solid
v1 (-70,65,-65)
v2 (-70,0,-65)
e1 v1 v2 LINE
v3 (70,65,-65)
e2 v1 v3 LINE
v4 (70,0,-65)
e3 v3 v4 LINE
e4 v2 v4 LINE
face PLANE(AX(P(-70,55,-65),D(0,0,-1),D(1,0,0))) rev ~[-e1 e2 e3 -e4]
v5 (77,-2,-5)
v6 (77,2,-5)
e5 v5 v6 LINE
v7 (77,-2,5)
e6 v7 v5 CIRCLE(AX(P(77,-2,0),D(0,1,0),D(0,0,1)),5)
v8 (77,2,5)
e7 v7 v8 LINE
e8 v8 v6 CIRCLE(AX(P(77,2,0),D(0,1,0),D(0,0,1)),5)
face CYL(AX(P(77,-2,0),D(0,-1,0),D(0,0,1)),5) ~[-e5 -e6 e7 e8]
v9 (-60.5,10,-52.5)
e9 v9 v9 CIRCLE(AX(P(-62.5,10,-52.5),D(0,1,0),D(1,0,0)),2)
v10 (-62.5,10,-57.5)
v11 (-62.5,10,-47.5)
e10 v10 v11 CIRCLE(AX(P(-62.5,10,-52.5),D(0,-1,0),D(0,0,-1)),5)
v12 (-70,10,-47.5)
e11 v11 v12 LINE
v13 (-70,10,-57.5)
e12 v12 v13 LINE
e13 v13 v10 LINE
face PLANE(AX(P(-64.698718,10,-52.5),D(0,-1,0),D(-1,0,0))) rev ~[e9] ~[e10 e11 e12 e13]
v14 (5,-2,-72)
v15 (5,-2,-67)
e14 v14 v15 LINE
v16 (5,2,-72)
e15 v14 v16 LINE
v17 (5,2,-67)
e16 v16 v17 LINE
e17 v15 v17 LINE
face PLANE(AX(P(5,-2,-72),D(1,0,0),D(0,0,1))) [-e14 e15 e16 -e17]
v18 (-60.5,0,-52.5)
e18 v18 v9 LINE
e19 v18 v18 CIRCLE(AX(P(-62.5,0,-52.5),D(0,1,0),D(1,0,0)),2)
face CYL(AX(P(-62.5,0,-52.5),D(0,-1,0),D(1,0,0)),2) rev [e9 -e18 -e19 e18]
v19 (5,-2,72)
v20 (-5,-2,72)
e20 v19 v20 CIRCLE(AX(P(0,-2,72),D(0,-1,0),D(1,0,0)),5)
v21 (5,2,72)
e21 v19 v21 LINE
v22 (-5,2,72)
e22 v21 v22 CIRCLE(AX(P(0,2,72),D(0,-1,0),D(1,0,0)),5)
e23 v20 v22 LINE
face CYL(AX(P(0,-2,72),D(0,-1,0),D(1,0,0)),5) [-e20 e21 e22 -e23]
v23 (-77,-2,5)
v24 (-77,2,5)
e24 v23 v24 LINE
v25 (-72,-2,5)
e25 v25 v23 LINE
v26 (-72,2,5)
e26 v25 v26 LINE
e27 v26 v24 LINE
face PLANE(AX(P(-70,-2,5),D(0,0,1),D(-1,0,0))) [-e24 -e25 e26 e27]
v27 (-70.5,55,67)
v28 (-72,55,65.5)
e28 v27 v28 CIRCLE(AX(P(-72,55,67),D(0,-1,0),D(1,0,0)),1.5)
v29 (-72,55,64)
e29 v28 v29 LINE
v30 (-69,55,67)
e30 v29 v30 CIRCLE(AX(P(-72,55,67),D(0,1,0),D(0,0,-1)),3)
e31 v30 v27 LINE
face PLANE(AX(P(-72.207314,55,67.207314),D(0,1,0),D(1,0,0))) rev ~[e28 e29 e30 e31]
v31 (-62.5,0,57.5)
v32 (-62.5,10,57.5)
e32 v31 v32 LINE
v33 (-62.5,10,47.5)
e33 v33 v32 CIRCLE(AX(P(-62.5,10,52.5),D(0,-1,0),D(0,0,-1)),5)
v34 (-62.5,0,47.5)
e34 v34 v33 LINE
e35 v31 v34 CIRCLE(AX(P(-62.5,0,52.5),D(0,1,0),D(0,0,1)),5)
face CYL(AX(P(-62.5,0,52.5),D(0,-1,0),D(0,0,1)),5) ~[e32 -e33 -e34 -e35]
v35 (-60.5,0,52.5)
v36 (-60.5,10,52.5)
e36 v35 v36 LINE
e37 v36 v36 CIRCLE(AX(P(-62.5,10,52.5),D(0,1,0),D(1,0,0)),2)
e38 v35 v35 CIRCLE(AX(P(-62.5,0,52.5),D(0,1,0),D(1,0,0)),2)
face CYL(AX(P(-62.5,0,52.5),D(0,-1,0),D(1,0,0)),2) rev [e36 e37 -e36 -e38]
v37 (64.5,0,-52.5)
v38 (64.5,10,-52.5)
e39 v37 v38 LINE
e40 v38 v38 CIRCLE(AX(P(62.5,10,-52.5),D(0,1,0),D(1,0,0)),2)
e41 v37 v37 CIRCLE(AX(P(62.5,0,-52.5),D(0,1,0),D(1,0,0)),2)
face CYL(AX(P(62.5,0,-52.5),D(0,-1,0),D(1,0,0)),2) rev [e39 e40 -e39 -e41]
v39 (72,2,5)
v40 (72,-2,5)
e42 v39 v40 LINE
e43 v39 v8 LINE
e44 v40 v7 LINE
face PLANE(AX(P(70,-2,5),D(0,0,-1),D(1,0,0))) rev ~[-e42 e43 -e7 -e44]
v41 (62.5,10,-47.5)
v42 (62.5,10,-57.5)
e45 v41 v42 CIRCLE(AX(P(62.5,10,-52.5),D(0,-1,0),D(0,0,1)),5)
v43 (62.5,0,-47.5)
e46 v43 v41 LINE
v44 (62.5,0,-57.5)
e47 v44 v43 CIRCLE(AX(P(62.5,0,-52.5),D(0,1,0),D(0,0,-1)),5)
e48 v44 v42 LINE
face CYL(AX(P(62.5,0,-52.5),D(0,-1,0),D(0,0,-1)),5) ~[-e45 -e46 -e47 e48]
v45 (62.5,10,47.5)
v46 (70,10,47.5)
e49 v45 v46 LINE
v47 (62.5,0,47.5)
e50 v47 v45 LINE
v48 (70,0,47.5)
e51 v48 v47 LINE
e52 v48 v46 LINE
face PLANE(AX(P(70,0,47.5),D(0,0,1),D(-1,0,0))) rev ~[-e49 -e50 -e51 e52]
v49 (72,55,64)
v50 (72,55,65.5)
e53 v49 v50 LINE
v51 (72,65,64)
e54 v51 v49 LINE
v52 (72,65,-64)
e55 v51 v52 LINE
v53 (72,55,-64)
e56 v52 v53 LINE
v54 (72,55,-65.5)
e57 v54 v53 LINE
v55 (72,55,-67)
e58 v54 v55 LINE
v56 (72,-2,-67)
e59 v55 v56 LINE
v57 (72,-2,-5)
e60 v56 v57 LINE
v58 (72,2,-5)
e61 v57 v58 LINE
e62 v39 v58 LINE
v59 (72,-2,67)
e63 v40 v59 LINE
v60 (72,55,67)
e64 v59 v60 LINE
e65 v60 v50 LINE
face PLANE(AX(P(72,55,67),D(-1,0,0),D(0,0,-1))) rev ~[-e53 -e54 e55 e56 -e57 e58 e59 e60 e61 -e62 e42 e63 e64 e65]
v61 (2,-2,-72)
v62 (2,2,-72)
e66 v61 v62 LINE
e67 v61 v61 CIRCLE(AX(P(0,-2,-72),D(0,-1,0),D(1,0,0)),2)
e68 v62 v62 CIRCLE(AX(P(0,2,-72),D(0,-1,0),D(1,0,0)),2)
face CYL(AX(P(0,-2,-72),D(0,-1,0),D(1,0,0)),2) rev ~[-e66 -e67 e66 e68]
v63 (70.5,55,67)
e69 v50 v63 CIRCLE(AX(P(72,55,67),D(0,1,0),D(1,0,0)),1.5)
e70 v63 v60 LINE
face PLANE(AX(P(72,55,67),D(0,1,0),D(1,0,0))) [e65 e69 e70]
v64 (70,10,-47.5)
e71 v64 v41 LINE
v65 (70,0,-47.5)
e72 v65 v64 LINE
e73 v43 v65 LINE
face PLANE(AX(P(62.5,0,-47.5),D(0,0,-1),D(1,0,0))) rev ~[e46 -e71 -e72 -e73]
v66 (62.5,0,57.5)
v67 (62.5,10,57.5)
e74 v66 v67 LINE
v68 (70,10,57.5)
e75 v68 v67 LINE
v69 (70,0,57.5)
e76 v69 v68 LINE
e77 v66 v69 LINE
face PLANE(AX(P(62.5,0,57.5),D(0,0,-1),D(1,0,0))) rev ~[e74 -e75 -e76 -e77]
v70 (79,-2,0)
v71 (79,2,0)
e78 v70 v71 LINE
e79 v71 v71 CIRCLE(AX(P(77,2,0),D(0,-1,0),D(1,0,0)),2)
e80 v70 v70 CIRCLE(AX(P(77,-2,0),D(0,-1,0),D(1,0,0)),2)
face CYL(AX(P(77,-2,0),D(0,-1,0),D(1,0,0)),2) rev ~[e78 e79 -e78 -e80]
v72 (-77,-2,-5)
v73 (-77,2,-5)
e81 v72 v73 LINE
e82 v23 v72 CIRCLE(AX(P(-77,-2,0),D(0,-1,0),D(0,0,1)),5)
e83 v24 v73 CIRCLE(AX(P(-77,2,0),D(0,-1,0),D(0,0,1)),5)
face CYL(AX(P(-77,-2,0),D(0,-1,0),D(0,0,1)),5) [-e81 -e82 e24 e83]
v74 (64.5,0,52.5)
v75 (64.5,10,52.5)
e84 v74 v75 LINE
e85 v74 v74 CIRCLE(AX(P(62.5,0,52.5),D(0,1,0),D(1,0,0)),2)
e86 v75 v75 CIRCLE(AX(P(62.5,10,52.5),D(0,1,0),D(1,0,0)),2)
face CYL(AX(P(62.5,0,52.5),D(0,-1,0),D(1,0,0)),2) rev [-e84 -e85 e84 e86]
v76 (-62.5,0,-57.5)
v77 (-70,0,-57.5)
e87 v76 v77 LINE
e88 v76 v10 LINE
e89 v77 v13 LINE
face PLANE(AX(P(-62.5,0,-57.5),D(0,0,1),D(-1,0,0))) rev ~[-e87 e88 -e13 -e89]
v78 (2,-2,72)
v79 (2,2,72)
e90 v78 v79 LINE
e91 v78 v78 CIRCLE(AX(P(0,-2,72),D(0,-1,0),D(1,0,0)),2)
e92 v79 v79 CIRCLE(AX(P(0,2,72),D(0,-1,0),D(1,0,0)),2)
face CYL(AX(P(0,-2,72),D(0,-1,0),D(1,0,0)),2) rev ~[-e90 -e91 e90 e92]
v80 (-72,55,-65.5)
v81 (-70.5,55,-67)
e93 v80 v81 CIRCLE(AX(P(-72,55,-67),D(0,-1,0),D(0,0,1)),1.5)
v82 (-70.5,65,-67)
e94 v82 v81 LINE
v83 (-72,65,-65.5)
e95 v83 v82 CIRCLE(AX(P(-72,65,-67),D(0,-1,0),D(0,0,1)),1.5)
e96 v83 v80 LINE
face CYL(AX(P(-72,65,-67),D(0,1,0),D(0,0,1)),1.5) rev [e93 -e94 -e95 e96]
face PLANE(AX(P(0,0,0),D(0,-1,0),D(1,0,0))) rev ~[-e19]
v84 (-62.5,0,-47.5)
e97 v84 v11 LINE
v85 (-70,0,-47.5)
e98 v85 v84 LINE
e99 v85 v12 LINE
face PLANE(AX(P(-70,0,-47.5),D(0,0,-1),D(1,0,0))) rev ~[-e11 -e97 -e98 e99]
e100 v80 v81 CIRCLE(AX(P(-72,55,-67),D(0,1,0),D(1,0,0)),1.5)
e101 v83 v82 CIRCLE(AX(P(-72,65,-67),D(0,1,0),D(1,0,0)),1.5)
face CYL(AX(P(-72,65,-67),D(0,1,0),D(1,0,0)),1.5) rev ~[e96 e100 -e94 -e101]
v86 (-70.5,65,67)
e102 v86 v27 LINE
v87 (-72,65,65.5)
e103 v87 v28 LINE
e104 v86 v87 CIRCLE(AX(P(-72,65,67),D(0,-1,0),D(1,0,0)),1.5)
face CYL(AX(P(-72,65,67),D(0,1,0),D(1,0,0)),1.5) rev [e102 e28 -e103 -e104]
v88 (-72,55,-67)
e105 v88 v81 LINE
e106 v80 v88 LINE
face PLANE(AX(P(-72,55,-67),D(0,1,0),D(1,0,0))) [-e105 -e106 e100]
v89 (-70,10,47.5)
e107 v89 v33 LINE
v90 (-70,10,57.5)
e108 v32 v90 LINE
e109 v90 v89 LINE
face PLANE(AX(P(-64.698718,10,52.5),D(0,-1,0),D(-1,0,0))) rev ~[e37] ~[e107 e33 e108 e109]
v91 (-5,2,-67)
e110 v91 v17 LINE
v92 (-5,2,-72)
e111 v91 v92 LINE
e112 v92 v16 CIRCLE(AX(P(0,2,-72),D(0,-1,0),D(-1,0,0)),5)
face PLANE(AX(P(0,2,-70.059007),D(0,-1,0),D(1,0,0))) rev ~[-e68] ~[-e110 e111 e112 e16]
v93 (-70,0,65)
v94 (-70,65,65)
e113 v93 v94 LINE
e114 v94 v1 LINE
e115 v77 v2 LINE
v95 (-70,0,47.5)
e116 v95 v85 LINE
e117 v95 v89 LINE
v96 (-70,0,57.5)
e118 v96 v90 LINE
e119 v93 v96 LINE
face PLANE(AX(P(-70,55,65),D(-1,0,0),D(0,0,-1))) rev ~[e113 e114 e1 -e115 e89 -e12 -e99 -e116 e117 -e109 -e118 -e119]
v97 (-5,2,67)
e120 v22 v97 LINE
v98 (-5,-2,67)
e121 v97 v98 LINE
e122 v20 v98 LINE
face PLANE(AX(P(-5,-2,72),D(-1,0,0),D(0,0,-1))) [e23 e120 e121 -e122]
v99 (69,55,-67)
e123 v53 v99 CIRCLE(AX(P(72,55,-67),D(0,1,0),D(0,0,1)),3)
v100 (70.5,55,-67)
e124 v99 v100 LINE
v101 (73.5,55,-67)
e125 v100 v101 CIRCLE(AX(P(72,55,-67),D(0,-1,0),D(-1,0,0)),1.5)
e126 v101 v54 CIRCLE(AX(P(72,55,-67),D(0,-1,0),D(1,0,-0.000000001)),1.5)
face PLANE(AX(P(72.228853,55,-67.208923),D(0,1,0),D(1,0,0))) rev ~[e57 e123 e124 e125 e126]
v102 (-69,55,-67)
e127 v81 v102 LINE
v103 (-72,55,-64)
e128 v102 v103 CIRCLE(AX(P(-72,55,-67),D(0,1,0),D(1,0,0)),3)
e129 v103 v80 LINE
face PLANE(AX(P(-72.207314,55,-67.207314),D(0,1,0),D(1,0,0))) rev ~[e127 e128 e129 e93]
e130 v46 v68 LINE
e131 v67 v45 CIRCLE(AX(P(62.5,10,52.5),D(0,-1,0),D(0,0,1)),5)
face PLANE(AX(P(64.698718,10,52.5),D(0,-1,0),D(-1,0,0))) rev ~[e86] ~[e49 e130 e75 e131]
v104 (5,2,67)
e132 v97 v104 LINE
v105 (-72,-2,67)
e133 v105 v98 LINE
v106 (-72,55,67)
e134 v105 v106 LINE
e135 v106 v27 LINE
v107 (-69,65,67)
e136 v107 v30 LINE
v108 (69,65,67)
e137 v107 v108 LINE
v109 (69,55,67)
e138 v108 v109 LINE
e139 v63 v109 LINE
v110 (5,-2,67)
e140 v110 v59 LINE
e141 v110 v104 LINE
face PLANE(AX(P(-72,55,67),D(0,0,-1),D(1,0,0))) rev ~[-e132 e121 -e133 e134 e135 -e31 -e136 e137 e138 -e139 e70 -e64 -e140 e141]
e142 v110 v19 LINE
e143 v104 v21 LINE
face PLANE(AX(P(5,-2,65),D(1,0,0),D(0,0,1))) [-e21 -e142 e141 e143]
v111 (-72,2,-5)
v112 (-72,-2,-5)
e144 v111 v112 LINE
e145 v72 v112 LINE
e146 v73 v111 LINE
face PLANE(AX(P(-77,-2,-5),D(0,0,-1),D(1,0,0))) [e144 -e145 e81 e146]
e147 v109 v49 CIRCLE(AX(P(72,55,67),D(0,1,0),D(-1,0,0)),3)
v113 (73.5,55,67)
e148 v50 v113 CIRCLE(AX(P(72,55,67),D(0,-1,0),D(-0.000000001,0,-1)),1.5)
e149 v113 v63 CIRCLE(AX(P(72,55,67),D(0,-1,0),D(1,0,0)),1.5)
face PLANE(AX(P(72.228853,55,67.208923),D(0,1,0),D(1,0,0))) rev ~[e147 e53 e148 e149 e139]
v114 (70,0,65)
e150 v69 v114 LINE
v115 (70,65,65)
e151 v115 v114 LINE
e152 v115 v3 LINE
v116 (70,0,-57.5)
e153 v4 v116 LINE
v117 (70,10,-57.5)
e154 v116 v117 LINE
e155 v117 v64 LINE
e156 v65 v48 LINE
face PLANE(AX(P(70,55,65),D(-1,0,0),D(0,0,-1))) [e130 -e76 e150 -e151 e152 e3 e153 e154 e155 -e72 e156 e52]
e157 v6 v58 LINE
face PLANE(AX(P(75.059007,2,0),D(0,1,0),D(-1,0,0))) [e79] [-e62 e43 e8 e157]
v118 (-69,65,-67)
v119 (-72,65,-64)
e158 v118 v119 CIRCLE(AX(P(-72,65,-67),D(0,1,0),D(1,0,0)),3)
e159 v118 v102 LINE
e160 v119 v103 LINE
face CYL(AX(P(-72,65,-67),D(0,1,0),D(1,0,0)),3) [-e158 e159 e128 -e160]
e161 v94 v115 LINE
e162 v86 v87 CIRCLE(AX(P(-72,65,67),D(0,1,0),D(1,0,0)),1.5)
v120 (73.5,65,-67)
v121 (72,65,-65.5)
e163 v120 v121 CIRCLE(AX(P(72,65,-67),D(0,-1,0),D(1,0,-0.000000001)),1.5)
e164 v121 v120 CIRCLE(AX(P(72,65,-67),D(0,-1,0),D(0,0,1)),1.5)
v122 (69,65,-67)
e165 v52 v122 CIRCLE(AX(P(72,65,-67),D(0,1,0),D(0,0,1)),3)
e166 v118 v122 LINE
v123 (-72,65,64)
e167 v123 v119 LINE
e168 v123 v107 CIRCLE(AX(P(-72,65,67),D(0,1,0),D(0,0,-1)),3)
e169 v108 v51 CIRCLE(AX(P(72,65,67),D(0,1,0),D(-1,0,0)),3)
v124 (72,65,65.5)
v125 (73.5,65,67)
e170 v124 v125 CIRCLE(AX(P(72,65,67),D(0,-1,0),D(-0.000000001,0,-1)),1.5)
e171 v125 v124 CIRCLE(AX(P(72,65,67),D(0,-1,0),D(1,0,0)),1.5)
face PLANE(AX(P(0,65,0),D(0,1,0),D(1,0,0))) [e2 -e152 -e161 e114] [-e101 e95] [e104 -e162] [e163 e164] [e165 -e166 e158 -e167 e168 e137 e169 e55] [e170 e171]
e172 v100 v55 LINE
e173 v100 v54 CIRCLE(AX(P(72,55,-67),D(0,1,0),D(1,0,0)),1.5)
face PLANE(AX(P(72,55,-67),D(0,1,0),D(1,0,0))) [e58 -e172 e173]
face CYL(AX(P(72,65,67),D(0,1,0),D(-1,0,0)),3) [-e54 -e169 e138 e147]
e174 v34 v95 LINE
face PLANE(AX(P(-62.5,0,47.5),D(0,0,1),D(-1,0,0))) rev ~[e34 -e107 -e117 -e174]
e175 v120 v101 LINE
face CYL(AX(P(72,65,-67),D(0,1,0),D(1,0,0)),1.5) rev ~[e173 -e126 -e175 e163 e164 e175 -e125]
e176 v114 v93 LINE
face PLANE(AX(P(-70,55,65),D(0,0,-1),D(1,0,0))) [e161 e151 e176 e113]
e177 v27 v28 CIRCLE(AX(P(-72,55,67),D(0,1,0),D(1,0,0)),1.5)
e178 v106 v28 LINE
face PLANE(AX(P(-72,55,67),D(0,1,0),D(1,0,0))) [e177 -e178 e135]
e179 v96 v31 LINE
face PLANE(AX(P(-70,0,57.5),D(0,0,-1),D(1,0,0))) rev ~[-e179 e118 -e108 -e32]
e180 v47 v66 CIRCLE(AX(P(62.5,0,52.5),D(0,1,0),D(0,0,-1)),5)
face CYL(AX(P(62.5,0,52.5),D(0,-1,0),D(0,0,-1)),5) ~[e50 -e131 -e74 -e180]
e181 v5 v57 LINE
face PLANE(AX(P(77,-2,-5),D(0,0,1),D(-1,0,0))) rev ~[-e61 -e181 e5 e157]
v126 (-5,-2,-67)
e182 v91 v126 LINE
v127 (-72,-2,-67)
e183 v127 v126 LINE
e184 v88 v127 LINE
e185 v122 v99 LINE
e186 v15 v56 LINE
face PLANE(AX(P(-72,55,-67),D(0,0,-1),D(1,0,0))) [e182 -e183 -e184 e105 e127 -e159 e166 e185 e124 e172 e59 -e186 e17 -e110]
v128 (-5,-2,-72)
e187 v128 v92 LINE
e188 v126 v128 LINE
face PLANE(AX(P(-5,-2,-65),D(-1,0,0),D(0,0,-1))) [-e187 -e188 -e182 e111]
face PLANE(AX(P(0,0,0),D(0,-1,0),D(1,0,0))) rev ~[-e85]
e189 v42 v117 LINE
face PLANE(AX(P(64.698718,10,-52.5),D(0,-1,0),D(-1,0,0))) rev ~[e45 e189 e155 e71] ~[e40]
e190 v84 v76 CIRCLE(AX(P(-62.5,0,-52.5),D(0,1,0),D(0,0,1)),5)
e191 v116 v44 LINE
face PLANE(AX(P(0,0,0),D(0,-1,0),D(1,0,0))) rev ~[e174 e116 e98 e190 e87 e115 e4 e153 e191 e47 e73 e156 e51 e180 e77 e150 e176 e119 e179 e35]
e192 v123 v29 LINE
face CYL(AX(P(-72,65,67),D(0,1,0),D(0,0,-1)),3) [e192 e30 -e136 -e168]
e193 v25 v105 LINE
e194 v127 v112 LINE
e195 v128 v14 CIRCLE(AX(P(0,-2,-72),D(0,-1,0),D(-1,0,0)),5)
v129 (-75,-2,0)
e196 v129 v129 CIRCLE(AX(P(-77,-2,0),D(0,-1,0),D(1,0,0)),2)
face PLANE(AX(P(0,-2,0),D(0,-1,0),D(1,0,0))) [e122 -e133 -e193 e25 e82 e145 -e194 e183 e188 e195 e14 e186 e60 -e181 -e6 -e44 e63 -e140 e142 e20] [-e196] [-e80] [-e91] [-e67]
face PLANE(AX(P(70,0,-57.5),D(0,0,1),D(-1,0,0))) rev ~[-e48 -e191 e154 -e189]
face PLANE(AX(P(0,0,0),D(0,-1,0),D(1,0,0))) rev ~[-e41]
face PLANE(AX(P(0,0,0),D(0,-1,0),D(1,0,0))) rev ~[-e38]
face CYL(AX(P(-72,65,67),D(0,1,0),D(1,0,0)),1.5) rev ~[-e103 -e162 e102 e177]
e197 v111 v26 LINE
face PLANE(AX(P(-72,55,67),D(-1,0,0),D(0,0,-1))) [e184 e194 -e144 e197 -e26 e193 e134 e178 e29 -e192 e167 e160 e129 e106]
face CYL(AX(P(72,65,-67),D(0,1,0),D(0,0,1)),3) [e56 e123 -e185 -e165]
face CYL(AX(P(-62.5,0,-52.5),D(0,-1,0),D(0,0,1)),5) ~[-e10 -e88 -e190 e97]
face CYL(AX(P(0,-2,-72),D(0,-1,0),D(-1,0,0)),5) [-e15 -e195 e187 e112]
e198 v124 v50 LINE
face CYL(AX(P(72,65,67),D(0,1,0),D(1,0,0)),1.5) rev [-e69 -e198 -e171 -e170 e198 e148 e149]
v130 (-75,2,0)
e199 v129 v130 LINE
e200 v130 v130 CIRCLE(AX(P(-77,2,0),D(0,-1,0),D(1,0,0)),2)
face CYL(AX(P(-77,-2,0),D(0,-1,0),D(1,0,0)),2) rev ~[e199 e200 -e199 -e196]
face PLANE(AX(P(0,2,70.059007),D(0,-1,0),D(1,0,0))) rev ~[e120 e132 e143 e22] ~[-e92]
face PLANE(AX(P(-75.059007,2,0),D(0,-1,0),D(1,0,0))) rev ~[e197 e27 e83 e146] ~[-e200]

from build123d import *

# Parameters (mm, degrees)
SKETCH1_W            = 144
SKETCH1_H            = 134
SKETCH1_R            = 2
BOSS_EXTRUDE1_DEPTH  = 55
SKETCH2_R            = 2
CUT_EXTRUDE1_DEPTH   = 45
SKETCH3_W            = 144
SKETCH3_H            = 134
BOSS_EXTRUDE2_DEPTH  = 2
SKETCH5_R            = 2
BOSS_EXTRUDE4_DEPTH  = 4
SKETCH6_W            = 144
SKETCH6_H            = 134
SKETCH6_W_2          = 140
SKETCH6_H_2          = 130
BOSS_EXTRUDE5_DEPTH  = 10
BOSS_EXTRUDE11_DEPTH = 10
SKETCH12_R           = 1.5
CUT_EXTRUDE3_DEPTH   = 10


with BuildPart() as part:
    # Sketch1 → Boss-Extrude1 (new body)
    with BuildSketch(Plane(origin=(0, 0, 0), x_dir=(1, 0, 0), z_dir=(0, 1, 0))):
        Rectangle(SKETCH1_W, SKETCH1_H)
        with Locations((-62.5, 52.5)):
            Circle(SKETCH1_R, mode=Mode.SUBTRACT)
        with Locations((62.5, 52.5)):
            Circle(SKETCH1_R, mode=Mode.SUBTRACT)
        with Locations((-62.5, -52.5)):
            Circle(SKETCH1_R, mode=Mode.SUBTRACT)
        with Locations((62.5, -52.5)):
            Circle(SKETCH1_R, mode=Mode.SUBTRACT)
        with BuildLine():
            Line((-70, 65), (70, 65))
            Line((70, 65), (70, 57.5))
            Line((70, 57.5), (62.5, 57.5))
            ThreePointArc((62.5, 57.5), (57.5, 52.5), (62.5, 47.5))
            Line((62.5, 47.5), (70, 47.5))
            Line((70, 47.5), (70, -47.5))
            Line((70, -47.5), (62.5, -47.5))
            ThreePointArc((62.5, -47.5), (57.5, -52.5), (62.5, -57.5))
            Line((62.5, -57.5), (70, -57.5))
            Line((70, -57.5), (70, -65))
            Line((70, -65), (-70, -65))
            Line((-70, -65), (-70, -57.5))
            Line((-70, -57.5), (-62.5, -57.5))
            ThreePointArc((-62.5, -57.5), (-57.5, -52.5), (-62.5, -47.5))
            Line((-62.5, -47.5), (-70, -47.5))
            Line((-70, -47.5), (-70, 47.5))
            Line((-70, 47.5), (-62.5, 47.5))
            ThreePointArc((-62.5, 47.5), (-57.5, 52.5), (-62.5, 57.5))
            Line((-62.5, 57.5), (-70, 57.5))
            Line((-70, 57.5), (-70, 65))
        make_face(mode=Mode.SUBTRACT)
    extrude(amount=BOSS_EXTRUDE1_DEPTH)

    # Sketch2 → Cut-Extrude1 (cut)
    with BuildSketch(Plane(origin=(0, 55, 0), x_dir=(1, 0, 0), z_dir=(0, 1, 0))):
        with BuildLine():
            Line((-70, -47.5), (-62.5, -47.5))
            ThreePointArc((-62.5, -47.5), (-57.5, -52.5), (-62.5, -57.5))
            Line((-62.5, -57.5), (-70, -57.5))
            Line((-70, -57.5), (-70, -47.5))
        make_face()
        with Locations((-62.5, -52.5)):
            Circle(SKETCH2_R, mode=Mode.SUBTRACT)
        with BuildLine():
            Line((70, -57.5), (62.5, -57.5))
            ThreePointArc((62.5, -57.5), (57.5, -52.5), (62.5, -47.5))
            Line((62.5, -47.5), (70, -47.5))
            Line((70, -47.5), (70, -57.5))
        make_face()
        with Locations((62.5, -52.5)):
            Circle(SKETCH2_R, mode=Mode.SUBTRACT)
        with BuildLine():
            Line((70, 47.5), (62.5, 47.5))
            ThreePointArc((62.5, 47.5), (57.5, 52.5), (62.5, 57.5))
            Line((62.5, 57.5), (70, 57.5))
            Line((70, 57.5), (70, 47.5))
        make_face()
        with Locations((62.5, 52.5)):
            Circle(SKETCH2_R, mode=Mode.SUBTRACT)
        with BuildLine():
            Line((-62.5, 47.5), (-70, 47.5))
            Line((-70, 47.5), (-70, 57.5))
            Line((-70, 57.5), (-62.5, 57.5))
            ThreePointArc((-62.5, 57.5), (-57.5, 52.5), (-62.5, 47.5))
        make_face()
        with Locations((-62.5, 52.5)):
            Circle(SKETCH2_R, mode=Mode.SUBTRACT)
    extrude(amount=-CUT_EXTRUDE1_DEPTH, mode=Mode.SUBTRACT)

    # Sketch3 → Boss-Extrude2 (add)
    with BuildSketch(Plane.XZ):
        Rectangle(SKETCH3_W, SKETCH3_H)
    extrude(amount=BOSS_EXTRUDE2_DEPTH)

    # Sketch5 → Boss-Extrude4 (add)
    with BuildSketch(Plane.XZ.offset(2)):
        with BuildLine():
            Line((-70, -5), (-70, 5))
            Line((-70, 5), (-77, 5))
            ThreePointArc((-77, 5), (-82, 0), (-77, -5))
            Line((-77, -5), (-70, -5))
        make_face()
        with Locations((-77, 0)):
            Circle(SKETCH5_R, mode=Mode.SUBTRACT)
        with BuildLine():
            Line((5, -72), (5, -65))
            Line((5, -65), (-5, -65))
            Line((-5, -65), (-5, -72))
            ThreePointArc((-5, -72), (0, -77), (5, -72))
        make_face()
        with Locations((0, -72)):
            Circle(SKETCH5_R, mode=Mode.SUBTRACT)
        with BuildLine():
            Line((70, -5), (70, 5))
            Line((70, 5), (77, 5))
            ThreePointArc((77, 5), (82, 0), (77, -5))
            Line((77, -5), (70, -5))
        make_face()
        with Locations((77, 0)):
            Circle(SKETCH5_R, mode=Mode.SUBTRACT)
        with BuildLine():
            Line((-5, 65), (5, 65))
            Line((5, 65), (5, 72))
            ThreePointArc((5, 72), (0, 77), (-5, 72))
            Line((-5, 72), (-5, 65))
        make_face()
        with Locations((0, 72)):
            Circle(SKETCH5_R, mode=Mode.SUBTRACT)
    extrude(amount=-BOSS_EXTRUDE4_DEPTH)

    # Sketch6 → Boss-Extrude5 (add)
    with BuildSketch(Plane(origin=(0, 55, 0), x_dir=(1, 0, 0), z_dir=(0, 1, 0))):
        Rectangle(SKETCH6_W, SKETCH6_H)
        Rectangle(SKETCH6_W_2, SKETCH6_H_2, mode=Mode.SUBTRACT)
    extrude(amount=BOSS_EXTRUDE5_DEPTH)

    # Sketch11 → Boss-Extrude11 (add)
    with BuildSketch(Plane(origin=(0, 65, 0), x_dir=(1, 0, 0), z_dir=(0, 1, 0))):
        with BuildLine():
            ThreePointArc((-69, 67), (-74.121320344, 69.121320344), (-72, 64))
            Line((-72, 64), (-72, 65.5))
            ThreePointArc((-72, 65.5), (-73.060660172, 68.060660172), (-70.5, 67))
            Line((-70.5, 67), (-69, 67))
        make_face()
        with BuildLine():
            Line((72, 65.5), (72, 64))
            ThreePointArc((72, 64), (74.121320344, 69.121320344), (69, 67))
            Line((69, 67), (70.5, 67))
            ThreePointArc((70.5, 67), (72, 68.5), (73.5, 67))
            ThreePointArc((73.5, 67), (73.060660172, 65.939339828), (72, 65.5))
        make_face()
        with BuildLine():
            Line((70.5, -67), (69, -67))
            ThreePointArc((69, -67), (74.121320344, -69.121320344), (72, -64))
            Line((72, -64), (72, -65.5))
            ThreePointArc((72, -65.5), (73.060660172, -65.939339828), (73.5, -67))
            ThreePointArc((73.5, -67), (72, -68.5), (70.5, -67))
        make_face()
        with BuildLine():
            Line((-69, -67), (-70.5, -67))
            ThreePointArc((-70.5, -67), (-73.060660172, -68.060660172), (-72, -65.5))
            Line((-72, -65.5), (-72, -64))
            ThreePointArc((-72, -64), (-74.121320344, -69.121320344), (-69, -67))
        make_face()
    extrude(amount=-BOSS_EXTRUDE11_DEPTH)

    # Sketch12 → Cut-Extrude3 (cut)
    with BuildSketch(Plane(origin=(0, 65, 0), x_dir=(1, 0, 0), z_dir=(0, 1, 0))):
        with Locations((-72, 67)):
            Circle(SKETCH12_R)
        with Locations((72, 67)):
            Circle(SKETCH12_R)
        with Locations((72, -67)):
            Circle(SKETCH12_R)
        with Locations((-72, -67)):
            Circle(SKETCH12_R)
    extrude(amount=-CUT_EXTRUDE3_DEPTH, mode=Mode.SUBTRACT)


solid = part.part
